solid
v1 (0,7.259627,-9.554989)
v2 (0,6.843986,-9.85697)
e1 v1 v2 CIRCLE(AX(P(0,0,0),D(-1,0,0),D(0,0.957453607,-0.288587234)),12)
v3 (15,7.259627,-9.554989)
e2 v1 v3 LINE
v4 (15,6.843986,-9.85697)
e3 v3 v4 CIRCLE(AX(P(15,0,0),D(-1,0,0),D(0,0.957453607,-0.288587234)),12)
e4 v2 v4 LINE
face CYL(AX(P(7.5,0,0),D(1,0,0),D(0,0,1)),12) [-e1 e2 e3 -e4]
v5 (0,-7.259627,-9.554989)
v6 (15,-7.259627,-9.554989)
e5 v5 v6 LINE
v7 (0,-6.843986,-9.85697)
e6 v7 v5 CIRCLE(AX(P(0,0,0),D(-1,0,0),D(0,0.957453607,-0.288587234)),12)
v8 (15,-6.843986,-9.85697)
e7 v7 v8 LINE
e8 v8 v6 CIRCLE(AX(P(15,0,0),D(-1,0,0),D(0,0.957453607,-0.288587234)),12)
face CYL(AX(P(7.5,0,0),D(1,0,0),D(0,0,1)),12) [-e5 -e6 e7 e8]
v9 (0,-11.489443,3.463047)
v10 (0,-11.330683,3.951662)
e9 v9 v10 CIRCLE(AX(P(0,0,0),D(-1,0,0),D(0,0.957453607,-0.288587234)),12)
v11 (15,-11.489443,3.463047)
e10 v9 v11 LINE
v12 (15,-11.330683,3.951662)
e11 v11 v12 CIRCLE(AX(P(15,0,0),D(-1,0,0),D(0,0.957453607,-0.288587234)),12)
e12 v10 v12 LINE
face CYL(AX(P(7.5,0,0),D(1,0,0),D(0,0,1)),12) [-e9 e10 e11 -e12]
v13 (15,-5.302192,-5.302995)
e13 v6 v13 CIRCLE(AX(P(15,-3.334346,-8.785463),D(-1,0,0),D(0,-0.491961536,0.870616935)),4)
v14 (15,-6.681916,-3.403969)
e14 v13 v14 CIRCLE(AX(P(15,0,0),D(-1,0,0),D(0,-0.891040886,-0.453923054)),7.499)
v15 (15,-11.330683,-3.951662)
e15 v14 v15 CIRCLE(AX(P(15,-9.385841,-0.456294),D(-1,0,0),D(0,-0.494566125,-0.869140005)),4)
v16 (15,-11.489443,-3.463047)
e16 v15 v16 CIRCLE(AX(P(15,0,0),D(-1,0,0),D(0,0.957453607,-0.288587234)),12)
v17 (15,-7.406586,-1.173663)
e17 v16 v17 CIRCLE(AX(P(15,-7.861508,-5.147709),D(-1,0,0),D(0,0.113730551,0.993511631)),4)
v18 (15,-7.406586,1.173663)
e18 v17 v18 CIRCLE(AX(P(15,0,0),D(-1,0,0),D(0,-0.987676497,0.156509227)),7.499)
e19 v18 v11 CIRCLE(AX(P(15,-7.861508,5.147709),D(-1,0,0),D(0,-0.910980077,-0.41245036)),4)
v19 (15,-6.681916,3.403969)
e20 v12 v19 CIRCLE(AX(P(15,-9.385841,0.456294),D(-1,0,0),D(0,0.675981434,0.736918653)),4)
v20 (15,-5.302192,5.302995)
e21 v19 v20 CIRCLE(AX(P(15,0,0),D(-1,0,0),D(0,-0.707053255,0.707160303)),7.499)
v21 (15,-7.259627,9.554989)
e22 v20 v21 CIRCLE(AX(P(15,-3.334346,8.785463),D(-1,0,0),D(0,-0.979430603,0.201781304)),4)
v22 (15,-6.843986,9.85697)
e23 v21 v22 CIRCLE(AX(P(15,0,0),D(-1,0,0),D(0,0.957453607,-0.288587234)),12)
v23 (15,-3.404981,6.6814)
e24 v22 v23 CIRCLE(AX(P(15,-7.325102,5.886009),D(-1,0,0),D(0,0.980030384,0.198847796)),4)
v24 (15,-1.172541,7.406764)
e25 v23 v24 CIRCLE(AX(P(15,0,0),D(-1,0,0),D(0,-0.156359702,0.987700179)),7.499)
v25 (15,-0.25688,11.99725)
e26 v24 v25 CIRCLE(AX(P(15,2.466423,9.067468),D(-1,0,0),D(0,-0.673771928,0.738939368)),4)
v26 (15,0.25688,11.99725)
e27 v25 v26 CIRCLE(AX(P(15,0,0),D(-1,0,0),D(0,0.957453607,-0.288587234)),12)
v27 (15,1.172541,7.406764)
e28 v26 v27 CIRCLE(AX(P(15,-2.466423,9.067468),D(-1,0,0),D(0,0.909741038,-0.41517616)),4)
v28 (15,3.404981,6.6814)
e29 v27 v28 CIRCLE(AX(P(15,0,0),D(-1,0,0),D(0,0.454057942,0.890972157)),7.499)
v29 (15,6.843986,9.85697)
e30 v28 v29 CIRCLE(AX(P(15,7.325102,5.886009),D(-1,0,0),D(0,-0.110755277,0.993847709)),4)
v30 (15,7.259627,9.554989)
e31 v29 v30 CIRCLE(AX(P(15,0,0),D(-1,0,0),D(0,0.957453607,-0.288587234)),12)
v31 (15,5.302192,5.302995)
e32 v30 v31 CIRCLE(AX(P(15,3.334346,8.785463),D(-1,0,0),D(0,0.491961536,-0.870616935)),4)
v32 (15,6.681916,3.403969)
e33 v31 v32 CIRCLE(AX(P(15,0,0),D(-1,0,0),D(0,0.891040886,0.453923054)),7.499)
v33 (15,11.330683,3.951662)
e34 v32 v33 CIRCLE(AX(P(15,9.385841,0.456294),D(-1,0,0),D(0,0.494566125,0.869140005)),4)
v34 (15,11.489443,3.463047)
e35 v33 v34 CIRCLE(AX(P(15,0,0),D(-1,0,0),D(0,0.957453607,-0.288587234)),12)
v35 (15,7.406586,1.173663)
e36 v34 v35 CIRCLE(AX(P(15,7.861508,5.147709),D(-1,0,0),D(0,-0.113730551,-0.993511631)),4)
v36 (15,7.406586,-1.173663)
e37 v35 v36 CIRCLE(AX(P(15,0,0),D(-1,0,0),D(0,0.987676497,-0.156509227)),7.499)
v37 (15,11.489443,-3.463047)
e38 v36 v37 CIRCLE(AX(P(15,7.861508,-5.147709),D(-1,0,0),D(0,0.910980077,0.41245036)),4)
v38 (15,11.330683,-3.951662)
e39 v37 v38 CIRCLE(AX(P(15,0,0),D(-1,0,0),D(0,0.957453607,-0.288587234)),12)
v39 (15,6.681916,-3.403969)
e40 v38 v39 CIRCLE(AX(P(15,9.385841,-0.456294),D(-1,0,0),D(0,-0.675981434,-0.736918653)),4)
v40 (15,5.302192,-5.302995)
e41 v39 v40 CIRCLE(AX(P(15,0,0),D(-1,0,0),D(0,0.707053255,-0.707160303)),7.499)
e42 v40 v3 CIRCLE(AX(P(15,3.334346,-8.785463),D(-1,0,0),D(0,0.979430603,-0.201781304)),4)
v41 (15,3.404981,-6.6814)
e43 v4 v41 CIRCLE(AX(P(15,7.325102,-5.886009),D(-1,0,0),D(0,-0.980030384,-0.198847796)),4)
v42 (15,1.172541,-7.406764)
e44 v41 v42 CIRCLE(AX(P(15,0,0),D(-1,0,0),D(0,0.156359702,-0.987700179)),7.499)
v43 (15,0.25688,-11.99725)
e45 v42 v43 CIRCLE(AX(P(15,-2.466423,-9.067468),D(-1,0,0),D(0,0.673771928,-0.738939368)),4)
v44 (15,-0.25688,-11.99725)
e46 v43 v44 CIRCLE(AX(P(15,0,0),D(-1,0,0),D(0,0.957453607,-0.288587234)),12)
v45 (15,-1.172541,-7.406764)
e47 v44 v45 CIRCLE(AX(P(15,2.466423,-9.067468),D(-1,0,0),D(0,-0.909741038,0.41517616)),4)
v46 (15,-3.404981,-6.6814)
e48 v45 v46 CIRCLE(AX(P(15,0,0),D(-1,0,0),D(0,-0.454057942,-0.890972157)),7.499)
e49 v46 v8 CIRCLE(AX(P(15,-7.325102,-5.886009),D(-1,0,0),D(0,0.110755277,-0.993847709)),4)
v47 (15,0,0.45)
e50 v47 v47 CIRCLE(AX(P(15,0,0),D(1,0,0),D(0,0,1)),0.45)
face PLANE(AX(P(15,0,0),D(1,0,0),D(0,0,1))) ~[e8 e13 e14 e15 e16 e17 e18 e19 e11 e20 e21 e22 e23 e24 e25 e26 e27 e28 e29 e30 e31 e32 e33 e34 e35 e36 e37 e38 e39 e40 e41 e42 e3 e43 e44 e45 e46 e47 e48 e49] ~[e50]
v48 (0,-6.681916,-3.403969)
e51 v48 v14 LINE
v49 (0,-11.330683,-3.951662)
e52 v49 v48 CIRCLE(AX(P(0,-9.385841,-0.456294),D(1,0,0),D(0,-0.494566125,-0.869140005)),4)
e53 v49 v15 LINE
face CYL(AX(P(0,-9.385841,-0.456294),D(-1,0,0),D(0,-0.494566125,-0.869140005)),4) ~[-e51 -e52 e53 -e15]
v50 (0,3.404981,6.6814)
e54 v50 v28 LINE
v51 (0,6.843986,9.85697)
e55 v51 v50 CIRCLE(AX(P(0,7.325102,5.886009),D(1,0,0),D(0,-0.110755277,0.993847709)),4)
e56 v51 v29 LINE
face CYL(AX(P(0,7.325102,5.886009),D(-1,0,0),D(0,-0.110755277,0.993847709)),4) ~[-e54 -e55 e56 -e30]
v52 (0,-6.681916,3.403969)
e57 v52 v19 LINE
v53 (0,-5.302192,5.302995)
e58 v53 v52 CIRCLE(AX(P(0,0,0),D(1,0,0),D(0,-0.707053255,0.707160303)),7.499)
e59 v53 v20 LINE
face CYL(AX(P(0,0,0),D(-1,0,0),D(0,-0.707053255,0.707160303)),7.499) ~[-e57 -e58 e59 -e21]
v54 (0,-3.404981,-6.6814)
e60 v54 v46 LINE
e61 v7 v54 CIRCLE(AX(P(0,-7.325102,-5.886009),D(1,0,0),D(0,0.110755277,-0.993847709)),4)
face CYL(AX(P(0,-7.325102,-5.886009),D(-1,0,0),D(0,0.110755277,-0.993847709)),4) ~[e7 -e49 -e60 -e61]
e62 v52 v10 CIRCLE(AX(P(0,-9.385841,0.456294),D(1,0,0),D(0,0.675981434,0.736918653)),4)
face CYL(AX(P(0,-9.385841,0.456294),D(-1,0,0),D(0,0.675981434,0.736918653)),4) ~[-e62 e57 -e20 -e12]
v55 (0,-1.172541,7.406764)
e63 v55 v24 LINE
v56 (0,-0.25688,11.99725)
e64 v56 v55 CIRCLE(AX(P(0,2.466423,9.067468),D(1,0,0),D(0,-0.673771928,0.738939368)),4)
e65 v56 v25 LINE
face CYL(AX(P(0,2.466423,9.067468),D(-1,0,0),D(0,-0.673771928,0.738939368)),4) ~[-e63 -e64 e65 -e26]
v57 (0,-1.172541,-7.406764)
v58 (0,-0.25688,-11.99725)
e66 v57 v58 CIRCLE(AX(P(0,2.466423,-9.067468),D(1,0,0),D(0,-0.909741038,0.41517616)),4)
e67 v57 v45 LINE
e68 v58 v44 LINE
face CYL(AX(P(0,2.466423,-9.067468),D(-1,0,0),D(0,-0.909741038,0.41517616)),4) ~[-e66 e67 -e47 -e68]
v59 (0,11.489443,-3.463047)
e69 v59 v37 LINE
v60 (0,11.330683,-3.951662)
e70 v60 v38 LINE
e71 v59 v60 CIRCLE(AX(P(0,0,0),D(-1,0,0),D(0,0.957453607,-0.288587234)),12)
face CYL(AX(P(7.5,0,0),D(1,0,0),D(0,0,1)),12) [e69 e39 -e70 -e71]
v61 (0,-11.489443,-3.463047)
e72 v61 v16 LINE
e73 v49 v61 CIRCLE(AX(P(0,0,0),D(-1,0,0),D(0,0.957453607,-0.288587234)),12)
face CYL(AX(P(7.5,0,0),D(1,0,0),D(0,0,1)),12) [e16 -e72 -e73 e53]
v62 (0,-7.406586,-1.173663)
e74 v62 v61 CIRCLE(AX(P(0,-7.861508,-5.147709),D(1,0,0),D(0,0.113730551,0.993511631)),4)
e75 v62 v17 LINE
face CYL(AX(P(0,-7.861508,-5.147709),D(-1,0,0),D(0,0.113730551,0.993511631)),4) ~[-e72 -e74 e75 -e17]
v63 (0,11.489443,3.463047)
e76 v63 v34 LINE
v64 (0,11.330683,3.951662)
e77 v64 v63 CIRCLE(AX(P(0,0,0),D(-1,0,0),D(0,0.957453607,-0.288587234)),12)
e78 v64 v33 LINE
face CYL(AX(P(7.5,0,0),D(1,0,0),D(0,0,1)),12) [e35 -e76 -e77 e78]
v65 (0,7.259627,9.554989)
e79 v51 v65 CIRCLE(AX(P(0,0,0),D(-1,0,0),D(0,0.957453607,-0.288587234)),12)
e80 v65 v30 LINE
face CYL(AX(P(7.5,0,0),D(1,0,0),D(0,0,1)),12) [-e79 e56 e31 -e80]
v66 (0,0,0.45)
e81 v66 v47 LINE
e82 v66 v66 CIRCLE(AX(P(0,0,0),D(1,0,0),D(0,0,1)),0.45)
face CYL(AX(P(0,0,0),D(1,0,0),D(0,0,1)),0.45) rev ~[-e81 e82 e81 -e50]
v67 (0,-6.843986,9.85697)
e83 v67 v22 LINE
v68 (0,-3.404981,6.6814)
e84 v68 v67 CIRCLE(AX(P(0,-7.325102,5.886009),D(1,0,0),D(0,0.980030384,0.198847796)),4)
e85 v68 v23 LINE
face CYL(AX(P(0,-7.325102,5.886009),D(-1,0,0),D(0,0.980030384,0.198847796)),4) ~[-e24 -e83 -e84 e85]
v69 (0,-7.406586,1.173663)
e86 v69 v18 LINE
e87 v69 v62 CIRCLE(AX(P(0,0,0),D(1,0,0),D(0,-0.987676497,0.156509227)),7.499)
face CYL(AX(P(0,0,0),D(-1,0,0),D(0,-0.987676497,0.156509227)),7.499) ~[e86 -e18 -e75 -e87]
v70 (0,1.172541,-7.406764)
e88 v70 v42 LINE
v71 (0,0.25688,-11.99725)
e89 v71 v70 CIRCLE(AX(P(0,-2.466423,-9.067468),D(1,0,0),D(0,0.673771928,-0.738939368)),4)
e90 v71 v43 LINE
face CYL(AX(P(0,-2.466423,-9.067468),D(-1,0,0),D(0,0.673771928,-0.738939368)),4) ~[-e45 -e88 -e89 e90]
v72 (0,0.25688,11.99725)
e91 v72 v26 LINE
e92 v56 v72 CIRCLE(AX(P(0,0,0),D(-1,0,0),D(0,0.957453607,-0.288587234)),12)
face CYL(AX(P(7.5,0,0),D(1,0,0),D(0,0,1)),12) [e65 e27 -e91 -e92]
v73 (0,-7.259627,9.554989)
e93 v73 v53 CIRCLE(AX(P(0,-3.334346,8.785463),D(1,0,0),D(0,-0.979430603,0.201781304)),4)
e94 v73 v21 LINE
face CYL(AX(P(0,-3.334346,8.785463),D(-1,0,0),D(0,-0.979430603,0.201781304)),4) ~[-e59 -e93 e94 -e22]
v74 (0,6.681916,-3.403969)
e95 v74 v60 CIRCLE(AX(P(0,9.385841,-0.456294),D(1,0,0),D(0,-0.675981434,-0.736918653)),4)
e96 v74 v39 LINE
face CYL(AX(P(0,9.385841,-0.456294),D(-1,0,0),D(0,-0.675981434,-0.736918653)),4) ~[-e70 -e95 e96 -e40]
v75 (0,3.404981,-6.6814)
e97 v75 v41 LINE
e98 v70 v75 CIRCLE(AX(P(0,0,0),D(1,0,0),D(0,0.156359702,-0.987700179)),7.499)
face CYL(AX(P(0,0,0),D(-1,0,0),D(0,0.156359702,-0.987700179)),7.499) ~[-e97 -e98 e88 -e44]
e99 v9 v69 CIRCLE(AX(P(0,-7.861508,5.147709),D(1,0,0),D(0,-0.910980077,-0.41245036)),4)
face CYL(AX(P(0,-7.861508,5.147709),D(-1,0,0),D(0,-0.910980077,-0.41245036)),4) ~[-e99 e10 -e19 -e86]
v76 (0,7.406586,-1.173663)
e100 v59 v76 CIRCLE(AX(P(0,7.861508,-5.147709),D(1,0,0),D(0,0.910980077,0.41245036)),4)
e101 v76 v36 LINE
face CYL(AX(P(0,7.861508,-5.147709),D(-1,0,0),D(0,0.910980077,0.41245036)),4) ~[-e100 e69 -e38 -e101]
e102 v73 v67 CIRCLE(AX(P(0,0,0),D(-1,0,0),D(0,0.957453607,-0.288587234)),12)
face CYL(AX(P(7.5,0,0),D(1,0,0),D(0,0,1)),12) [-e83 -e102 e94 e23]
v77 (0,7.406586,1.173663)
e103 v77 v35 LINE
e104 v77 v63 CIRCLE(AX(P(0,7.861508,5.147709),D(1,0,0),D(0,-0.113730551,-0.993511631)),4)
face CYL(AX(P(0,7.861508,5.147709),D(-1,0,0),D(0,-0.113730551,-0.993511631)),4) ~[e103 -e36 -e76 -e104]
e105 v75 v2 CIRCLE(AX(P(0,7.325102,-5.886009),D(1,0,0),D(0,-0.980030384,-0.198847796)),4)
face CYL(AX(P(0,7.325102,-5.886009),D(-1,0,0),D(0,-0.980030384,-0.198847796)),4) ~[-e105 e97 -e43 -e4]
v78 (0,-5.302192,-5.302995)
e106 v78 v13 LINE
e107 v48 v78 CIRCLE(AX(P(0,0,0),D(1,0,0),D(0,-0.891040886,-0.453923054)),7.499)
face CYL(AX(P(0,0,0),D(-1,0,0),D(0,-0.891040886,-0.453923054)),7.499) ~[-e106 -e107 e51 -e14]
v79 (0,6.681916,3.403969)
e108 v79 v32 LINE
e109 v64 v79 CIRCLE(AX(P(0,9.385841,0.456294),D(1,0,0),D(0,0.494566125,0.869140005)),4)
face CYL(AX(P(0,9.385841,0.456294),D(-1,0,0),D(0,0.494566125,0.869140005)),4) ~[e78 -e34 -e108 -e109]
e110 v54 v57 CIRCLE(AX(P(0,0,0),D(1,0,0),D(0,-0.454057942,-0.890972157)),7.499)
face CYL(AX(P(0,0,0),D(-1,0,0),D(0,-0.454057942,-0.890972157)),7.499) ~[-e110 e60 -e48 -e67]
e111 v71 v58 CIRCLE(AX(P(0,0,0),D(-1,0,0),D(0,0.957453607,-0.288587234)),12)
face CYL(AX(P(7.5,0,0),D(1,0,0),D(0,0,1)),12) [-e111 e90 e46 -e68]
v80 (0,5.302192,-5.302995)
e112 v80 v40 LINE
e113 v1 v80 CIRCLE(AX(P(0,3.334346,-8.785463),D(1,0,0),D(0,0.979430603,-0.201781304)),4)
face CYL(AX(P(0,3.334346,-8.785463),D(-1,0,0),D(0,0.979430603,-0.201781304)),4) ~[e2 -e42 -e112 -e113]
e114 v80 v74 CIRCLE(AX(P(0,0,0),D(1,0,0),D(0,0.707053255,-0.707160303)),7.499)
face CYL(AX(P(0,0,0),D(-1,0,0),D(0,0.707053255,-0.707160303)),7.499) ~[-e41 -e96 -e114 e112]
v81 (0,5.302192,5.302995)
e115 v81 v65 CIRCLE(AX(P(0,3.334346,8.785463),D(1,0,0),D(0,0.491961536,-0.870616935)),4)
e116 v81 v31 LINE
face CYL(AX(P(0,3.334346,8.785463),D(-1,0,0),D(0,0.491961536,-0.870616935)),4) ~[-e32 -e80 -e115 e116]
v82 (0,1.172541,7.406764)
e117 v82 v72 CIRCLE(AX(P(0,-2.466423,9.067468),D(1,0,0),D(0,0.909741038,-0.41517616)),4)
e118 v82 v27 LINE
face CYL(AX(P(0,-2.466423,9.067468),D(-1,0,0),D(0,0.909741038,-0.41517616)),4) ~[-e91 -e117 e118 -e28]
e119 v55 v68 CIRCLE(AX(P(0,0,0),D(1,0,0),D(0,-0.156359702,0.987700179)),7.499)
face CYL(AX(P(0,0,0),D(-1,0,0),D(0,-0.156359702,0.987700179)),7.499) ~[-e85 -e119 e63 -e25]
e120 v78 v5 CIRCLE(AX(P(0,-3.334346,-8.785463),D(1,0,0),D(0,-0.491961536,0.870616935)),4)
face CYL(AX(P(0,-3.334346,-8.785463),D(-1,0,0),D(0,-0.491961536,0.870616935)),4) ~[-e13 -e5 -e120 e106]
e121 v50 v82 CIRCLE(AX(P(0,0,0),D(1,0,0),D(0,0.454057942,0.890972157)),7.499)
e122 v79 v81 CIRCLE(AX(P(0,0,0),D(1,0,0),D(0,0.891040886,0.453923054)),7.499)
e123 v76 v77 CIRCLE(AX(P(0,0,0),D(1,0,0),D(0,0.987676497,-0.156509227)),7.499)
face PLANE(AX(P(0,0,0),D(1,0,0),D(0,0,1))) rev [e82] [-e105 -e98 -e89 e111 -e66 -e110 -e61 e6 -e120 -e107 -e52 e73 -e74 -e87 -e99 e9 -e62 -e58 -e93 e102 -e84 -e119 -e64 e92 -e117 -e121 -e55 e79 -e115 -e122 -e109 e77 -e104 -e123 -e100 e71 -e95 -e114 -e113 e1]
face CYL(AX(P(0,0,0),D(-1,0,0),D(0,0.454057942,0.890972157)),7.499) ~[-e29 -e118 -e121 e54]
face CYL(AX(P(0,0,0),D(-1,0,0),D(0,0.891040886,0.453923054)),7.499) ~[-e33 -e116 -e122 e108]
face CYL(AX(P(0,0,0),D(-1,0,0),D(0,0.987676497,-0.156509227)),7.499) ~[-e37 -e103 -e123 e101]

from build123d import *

# Parameters (mm, degrees)
BASPROSKE_W     = 15
BASPROSKE_H     = 12
TOOTHCUT_DEPTH  = 23.649503306
TEETHCUTS_COUNT = 10
TEETHCUTS_ANGLE = 324
BORSKE_R        = 0.45
BORE_DEPTH      = 50.0000508


with BuildPart() as part:
    # BasProSke → Base-Revolve (revolve)
    with BuildSketch(Plane(origin=(0, 0, 0), x_dir=(1, 0, 0), z_dir=(0, 1, 0)), mode=Mode.PRIVATE) as base_revolve_sk:
        with Locations((7.5, 6)):
            Rectangle(BASPROSKE_W, BASPROSKE_H)
    revolve(base_revolve_sk.sketch.rotate(Axis((-10, 0, 0), (1, 0, 0)), 180), axis=Axis((-10, 0, 0), (1, 0, 0)))

    # TooCutSke → ToothCut (cut, through all)
    with BuildSketch(Plane(origin=(0, 0, 0), x_dir=(0, 0, -1), z_dir=(1, 0, 0))):
        with BuildLine():
            ThreePointArc((1.173662691, 7.406586048), (0, 7.499), (-1.173662691, 7.406586048))
            ThreePointArc((-1.173662691, 7.406586048), (-1.668191438, 9.834565786), (-3.497907776, 11.50542856))
            ThreePointArc((-3.497907776, 11.50542856), (0, 12.0254), (3.497907776, 11.50542856))
            ThreePointArc((3.497907776, 11.50542856), (1.668191438, 9.834565786), (1.173662691, 7.406586048))
        make_face()
    toothcut = extrude(amount=TOOTHCUT_DEPTH, mode=Mode.SUBTRACT)

    # TeethCuts: ToothCut ×10 about axis
    teethcuts_axis = Axis((-10, 0, 0), (1, 0, 0))
    for i in range(1, TEETHCUTS_COUNT):
        add(toothcut.rotate(teethcuts_axis, i * TEETHCUTS_ANGLE / (TEETHCUTS_COUNT - 1)), mode=Mode.SUBTRACT)

    # BorSke → Bore (cut, symmetric)
    with BuildSketch(Plane(origin=(0, 0, 0), x_dir=(0, 0, -1), z_dir=(1, 0, 0))):
        with Locations(Location((0, 0, 0), (0, 0, 180))):
            Circle(BORSKE_R)
    extrude(amount=BORE_DEPTH, both=True, mode=Mode.SUBTRACT)


solid = part.part
